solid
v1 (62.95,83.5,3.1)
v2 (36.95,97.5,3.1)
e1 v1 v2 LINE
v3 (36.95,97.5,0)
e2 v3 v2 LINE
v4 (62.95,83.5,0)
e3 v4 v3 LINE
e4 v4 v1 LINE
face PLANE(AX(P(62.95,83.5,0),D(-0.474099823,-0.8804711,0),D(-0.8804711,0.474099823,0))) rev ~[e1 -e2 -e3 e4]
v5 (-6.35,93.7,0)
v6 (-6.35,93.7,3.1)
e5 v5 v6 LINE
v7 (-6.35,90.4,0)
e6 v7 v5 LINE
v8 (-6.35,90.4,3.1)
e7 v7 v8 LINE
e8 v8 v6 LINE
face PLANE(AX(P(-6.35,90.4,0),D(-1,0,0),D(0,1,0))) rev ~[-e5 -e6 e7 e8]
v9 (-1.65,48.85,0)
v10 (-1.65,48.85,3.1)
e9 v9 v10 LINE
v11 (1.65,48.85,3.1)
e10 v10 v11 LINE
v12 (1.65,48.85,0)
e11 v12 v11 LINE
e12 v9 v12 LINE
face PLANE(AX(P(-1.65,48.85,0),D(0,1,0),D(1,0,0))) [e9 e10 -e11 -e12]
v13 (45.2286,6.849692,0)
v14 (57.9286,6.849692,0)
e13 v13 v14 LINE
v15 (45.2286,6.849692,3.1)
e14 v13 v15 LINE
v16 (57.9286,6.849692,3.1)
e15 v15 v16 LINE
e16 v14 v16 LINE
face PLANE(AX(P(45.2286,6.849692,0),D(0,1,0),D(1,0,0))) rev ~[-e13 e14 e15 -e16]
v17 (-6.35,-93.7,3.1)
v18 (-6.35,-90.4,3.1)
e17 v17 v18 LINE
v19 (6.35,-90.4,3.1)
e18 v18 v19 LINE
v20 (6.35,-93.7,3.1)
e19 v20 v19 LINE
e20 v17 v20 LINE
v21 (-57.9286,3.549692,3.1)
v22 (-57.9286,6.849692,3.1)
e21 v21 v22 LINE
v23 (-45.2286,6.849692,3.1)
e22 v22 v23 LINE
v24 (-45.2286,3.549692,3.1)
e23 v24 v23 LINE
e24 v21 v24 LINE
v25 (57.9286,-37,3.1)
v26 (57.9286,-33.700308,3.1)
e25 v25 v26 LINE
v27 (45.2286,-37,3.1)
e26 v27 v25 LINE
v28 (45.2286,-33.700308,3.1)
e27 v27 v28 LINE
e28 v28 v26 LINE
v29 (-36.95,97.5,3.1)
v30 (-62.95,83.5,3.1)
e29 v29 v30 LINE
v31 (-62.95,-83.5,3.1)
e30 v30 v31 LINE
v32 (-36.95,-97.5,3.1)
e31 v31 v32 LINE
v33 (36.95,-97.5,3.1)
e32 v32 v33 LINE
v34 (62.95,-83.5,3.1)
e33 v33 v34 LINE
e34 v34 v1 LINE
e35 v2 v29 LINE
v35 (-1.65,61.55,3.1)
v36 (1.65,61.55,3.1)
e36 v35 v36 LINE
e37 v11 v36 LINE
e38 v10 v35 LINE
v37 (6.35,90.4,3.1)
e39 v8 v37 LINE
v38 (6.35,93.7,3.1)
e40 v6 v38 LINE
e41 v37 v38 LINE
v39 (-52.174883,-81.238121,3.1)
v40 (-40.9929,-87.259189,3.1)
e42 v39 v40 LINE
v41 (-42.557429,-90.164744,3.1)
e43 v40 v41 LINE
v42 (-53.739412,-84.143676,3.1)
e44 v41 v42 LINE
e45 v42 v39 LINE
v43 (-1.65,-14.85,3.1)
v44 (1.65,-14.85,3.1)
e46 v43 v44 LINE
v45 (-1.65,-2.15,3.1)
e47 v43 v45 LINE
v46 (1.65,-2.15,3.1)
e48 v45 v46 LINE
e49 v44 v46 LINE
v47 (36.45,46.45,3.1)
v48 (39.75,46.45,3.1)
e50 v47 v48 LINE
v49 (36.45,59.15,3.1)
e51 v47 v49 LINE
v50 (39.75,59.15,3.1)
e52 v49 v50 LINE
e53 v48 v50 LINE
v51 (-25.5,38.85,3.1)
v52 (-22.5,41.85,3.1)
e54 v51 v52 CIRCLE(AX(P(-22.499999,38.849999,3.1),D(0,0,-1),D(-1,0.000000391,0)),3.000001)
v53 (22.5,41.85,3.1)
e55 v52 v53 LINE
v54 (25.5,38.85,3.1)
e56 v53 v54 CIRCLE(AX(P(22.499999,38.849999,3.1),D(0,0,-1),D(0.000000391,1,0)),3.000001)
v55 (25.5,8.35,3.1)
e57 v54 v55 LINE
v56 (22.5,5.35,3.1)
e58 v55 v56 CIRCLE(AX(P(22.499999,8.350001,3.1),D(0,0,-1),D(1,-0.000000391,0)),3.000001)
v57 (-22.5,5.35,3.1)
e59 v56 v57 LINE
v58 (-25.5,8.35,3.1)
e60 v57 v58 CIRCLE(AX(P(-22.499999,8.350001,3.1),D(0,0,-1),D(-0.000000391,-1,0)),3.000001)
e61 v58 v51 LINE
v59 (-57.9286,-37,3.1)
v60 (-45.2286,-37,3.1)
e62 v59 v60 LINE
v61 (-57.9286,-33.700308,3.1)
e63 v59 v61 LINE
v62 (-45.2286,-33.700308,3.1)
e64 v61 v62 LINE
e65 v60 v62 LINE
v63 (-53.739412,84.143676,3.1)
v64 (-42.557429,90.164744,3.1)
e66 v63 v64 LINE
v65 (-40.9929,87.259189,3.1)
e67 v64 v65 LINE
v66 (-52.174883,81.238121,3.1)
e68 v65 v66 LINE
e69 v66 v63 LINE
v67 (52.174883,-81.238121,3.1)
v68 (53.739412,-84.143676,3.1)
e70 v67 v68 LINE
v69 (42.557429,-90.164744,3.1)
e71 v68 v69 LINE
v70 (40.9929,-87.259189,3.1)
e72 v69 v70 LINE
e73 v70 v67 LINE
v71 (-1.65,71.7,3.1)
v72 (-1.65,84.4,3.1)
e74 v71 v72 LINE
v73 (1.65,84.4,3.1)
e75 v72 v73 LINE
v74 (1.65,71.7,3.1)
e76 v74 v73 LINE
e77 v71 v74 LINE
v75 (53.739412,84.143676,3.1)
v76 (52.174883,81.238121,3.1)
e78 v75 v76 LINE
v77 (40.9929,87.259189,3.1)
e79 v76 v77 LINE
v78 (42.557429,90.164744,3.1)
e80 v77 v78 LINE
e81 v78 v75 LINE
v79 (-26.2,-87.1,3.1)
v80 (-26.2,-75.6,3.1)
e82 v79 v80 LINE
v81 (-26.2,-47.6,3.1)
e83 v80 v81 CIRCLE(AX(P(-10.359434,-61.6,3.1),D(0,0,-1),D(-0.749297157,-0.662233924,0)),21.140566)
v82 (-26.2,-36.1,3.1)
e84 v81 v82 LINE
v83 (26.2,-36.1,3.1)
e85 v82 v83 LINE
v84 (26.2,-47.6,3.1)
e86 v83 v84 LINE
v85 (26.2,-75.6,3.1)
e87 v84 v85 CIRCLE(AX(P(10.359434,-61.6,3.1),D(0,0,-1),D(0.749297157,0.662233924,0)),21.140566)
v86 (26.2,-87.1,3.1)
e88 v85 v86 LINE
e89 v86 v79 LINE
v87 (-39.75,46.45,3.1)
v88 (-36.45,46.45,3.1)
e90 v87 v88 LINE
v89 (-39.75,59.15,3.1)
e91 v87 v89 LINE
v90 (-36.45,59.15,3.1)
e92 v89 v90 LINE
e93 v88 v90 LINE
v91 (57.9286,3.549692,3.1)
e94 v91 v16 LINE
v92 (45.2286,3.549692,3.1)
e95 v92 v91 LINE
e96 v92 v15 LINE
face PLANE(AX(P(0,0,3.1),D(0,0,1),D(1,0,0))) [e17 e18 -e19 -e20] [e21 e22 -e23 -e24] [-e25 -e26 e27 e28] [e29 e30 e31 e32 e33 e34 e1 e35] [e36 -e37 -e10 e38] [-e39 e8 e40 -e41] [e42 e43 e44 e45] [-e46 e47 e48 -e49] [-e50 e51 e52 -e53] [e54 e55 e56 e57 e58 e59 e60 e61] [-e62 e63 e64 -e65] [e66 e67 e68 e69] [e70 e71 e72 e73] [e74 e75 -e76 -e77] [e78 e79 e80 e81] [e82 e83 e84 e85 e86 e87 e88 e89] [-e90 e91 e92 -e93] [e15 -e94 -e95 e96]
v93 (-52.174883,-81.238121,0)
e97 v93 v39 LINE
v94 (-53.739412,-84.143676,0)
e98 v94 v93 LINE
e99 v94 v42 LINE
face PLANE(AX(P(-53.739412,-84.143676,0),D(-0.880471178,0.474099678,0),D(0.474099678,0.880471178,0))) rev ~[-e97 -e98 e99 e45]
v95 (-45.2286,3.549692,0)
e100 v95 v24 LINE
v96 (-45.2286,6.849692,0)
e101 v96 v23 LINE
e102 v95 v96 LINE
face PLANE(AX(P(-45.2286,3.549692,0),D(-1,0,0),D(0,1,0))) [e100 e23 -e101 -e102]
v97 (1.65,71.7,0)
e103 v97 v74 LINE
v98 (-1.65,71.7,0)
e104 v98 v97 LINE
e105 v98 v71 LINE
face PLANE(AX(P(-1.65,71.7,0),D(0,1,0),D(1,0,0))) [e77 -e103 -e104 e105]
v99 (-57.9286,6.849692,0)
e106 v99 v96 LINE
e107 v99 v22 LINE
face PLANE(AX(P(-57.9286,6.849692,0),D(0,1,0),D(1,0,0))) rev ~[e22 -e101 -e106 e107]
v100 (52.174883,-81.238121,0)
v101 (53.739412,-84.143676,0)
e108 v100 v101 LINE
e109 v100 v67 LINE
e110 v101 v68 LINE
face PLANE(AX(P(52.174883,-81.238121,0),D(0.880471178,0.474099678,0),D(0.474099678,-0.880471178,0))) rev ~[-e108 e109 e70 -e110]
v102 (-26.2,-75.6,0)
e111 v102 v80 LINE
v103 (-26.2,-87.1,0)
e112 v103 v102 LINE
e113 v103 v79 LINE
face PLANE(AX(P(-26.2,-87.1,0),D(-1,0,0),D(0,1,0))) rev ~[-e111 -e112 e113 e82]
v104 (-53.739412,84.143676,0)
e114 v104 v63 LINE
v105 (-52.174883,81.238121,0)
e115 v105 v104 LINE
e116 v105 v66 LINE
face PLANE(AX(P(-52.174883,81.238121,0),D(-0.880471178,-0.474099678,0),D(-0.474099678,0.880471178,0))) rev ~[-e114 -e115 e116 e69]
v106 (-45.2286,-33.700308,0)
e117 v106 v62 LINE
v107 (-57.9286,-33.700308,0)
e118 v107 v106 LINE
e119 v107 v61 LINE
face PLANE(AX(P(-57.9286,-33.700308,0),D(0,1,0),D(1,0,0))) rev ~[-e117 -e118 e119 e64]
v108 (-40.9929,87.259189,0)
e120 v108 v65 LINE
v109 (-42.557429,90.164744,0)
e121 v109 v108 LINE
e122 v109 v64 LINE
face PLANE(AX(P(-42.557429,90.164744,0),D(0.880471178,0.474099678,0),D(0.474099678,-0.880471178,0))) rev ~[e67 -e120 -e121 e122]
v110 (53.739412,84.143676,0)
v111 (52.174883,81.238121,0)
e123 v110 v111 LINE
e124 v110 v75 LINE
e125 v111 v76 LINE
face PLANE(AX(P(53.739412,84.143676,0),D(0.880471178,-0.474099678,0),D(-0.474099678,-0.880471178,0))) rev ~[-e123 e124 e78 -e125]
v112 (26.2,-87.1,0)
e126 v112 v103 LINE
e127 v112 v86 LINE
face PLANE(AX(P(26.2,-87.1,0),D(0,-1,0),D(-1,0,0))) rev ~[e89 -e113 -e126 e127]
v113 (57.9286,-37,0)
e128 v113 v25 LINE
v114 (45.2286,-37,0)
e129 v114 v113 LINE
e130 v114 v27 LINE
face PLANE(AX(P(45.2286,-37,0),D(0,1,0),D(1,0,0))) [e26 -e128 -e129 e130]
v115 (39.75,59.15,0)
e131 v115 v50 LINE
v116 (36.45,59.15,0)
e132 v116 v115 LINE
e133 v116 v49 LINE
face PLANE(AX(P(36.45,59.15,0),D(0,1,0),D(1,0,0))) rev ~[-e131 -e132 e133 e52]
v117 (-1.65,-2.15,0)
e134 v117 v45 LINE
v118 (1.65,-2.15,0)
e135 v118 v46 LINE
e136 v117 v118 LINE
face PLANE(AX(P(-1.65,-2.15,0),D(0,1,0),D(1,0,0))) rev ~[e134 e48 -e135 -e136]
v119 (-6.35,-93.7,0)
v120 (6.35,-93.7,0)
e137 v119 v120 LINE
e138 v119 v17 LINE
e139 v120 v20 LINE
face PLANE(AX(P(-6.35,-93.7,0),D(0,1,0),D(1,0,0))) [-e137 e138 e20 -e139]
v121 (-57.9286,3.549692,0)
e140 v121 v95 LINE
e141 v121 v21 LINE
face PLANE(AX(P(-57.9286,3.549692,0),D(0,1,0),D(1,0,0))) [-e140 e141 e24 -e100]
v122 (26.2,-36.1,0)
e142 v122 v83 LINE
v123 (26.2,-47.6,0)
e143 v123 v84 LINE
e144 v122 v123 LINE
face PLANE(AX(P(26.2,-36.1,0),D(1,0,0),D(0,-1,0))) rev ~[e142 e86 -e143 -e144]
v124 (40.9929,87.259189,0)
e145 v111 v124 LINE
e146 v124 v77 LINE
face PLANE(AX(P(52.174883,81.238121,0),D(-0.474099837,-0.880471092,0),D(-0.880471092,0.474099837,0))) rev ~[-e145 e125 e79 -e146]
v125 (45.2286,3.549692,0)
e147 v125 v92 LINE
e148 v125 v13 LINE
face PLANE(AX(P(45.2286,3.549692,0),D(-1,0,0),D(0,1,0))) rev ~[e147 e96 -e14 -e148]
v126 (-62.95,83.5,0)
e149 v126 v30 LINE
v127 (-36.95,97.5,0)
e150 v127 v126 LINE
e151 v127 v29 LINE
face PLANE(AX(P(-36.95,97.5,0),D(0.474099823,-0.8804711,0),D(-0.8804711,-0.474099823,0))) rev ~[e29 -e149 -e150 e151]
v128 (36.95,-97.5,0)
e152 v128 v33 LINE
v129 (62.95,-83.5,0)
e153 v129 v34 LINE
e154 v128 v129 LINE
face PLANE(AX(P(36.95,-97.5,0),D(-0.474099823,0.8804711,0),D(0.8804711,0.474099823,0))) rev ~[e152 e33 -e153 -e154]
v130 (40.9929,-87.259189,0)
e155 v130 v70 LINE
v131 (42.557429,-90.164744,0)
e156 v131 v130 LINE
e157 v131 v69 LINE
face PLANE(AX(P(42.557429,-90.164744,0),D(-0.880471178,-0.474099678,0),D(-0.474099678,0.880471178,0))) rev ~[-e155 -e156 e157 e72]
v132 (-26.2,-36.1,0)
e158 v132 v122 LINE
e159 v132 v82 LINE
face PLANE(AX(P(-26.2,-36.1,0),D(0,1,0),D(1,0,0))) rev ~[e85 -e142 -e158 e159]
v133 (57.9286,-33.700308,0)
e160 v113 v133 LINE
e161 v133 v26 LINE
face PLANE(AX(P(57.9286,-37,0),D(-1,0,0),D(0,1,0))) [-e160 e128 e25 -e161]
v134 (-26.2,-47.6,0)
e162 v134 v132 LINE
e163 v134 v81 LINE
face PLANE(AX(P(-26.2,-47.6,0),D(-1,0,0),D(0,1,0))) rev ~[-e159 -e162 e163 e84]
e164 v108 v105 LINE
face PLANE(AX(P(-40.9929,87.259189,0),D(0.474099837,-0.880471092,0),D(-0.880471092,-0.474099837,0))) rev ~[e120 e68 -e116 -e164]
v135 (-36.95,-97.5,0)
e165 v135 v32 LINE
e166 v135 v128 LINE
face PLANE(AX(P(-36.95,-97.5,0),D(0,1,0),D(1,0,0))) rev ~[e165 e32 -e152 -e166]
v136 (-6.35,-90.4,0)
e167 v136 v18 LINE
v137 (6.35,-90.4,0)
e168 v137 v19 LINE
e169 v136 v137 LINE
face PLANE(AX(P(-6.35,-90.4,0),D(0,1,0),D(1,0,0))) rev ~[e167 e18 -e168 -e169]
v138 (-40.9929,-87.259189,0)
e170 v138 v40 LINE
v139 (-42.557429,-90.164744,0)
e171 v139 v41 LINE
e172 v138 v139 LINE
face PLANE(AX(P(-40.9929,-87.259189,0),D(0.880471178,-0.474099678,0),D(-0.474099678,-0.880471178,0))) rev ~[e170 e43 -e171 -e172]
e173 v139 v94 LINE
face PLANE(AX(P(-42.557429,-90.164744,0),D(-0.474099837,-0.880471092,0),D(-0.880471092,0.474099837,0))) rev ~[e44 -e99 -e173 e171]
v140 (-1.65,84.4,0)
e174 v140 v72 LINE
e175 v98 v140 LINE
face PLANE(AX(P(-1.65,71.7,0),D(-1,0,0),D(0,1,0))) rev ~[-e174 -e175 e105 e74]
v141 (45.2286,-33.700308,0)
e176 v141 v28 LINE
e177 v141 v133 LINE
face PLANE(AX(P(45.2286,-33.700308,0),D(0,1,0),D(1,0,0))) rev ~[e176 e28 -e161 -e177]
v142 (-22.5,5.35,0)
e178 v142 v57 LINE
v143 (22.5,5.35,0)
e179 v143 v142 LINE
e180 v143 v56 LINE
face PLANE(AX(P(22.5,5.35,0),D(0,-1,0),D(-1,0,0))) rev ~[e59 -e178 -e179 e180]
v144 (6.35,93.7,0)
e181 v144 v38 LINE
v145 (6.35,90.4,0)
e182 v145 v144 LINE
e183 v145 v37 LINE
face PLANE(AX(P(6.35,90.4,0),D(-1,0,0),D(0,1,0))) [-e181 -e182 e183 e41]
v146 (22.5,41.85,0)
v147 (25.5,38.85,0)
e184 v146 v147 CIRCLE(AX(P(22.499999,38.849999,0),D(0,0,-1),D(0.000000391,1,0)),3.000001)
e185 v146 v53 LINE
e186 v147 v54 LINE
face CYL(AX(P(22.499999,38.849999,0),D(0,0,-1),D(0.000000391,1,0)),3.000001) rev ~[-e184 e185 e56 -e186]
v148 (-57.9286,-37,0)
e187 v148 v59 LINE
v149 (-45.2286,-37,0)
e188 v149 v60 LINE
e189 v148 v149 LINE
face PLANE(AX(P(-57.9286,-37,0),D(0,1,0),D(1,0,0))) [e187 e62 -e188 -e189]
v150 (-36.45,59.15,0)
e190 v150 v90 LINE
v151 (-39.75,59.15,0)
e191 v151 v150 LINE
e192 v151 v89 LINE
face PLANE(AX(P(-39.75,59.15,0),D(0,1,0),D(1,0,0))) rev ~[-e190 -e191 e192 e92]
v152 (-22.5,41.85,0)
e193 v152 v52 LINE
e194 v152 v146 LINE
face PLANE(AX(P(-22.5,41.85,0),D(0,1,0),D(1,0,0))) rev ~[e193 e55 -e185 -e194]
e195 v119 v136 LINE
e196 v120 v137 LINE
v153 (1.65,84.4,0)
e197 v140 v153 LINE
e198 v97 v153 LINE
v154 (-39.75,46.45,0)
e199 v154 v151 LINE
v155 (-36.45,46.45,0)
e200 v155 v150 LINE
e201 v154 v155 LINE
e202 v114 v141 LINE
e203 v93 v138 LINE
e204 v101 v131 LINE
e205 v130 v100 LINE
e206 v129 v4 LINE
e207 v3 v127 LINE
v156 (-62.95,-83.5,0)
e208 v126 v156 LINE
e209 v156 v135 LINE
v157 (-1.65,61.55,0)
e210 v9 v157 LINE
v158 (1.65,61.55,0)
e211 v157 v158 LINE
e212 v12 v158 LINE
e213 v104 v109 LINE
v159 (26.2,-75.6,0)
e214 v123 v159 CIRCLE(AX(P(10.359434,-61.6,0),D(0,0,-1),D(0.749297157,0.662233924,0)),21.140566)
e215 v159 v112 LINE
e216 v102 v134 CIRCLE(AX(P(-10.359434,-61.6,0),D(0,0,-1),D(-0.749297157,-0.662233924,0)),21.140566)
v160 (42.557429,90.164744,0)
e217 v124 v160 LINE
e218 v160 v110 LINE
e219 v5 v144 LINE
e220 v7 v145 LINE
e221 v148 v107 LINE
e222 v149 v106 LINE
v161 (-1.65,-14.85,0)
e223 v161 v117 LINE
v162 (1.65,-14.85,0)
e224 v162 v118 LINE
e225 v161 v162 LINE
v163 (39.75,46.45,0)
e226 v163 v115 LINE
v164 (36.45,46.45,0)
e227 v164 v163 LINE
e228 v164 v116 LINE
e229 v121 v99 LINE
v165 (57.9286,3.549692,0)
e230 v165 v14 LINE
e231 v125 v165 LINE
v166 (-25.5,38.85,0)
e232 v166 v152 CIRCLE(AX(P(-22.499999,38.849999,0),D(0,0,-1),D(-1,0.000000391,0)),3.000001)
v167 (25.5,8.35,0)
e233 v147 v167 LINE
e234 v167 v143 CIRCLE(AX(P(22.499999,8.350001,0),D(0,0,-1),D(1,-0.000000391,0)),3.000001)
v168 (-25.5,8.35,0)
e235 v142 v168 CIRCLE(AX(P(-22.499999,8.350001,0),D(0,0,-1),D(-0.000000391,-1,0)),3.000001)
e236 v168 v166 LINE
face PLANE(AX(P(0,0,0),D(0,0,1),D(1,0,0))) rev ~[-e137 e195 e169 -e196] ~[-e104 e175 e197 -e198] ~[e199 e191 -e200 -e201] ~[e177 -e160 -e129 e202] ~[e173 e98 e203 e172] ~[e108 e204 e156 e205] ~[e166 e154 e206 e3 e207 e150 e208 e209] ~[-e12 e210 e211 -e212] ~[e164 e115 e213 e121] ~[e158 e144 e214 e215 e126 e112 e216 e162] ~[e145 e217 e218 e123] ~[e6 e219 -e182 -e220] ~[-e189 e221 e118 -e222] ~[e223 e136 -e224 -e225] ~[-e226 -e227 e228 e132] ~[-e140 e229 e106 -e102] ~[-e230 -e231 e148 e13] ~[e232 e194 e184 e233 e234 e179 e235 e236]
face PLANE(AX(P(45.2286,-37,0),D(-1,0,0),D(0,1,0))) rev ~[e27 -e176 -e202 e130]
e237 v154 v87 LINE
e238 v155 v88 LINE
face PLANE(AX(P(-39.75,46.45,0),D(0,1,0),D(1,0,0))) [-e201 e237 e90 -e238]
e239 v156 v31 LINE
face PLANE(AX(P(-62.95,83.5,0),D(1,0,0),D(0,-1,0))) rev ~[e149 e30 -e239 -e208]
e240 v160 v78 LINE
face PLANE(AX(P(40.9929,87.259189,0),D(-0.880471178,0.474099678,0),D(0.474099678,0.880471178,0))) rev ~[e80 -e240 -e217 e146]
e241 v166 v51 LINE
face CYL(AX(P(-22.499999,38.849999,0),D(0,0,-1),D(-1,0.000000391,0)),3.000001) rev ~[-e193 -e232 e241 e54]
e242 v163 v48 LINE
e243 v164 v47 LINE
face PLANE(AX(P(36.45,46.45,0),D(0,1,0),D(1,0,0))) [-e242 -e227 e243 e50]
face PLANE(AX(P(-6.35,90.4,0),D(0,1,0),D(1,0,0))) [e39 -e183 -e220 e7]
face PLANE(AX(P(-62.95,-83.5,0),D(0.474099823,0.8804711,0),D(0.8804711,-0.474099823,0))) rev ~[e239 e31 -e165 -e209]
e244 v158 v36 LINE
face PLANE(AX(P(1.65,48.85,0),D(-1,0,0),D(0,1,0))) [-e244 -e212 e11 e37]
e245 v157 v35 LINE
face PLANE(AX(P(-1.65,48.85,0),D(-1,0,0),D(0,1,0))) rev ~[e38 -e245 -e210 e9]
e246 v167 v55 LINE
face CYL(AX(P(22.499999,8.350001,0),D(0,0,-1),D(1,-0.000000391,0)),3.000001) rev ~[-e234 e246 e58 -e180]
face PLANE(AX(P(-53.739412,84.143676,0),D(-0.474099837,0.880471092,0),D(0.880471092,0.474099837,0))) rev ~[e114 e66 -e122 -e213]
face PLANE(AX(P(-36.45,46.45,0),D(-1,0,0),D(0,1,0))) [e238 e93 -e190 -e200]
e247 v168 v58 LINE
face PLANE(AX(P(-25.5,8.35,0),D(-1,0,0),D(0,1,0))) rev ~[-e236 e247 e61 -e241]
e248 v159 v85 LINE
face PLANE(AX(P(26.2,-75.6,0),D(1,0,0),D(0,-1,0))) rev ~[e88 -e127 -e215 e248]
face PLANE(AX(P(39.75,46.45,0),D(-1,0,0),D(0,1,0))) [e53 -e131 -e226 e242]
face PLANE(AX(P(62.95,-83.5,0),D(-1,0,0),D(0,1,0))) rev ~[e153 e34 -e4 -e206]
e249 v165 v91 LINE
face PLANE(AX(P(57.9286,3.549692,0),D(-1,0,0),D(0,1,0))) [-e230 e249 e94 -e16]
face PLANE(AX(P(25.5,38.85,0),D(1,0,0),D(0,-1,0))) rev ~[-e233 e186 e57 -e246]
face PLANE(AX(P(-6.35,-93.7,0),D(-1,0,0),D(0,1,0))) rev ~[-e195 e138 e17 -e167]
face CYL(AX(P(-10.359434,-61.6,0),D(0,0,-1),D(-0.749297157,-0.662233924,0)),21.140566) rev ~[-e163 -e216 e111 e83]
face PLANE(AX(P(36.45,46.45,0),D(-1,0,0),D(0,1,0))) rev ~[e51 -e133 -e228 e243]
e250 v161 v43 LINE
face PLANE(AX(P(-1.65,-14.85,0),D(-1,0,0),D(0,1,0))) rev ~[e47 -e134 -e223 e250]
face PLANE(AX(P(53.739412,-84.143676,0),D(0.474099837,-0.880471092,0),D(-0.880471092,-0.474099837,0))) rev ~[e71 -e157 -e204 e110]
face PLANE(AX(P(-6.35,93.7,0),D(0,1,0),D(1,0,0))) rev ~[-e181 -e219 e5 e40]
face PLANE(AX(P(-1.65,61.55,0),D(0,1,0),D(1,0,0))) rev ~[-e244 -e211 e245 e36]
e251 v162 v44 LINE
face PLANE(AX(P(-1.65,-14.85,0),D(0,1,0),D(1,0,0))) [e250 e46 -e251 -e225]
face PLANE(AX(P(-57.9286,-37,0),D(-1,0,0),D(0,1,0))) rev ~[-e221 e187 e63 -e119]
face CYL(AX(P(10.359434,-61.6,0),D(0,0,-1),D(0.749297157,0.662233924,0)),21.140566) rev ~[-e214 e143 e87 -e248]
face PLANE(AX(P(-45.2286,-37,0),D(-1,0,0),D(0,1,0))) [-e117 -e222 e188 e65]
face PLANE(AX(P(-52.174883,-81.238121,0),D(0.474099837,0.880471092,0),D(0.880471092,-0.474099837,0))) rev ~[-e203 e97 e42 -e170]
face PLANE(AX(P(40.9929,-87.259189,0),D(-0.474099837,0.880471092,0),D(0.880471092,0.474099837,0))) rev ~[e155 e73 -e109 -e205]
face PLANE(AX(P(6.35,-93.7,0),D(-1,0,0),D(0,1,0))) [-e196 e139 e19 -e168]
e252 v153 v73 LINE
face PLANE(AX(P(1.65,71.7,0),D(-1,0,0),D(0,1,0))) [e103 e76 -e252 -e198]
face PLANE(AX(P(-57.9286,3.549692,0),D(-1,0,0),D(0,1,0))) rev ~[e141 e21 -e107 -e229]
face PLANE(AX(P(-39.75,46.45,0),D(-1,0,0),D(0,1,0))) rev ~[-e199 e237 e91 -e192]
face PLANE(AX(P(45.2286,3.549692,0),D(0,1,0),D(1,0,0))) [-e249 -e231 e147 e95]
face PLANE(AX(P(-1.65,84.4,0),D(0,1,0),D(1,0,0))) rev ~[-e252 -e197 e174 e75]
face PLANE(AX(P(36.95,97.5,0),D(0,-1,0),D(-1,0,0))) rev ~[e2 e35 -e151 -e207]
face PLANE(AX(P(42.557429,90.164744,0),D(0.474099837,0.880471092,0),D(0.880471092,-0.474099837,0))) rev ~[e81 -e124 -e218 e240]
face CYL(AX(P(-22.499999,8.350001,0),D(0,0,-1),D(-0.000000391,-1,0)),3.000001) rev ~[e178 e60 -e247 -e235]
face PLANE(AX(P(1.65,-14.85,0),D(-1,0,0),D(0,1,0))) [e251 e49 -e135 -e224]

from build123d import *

# Parameters (mm, degrees)
F0_W     = 12.7
F0_H     = 3.299692
F0_H_2   = 3.3
F0_W_2   = 3.3
F0_H_3   = 12.7
F0_H_4   = 3.300001
F1_DEPTH = 3.1


with BuildPart() as f1:
    # F0 (on Top) → F1 (new body)
    with BuildSketch(Plane.XY):
        Polygon((-62.95, -83.5), (-36.95, -97.5), (36.95, -97.5), (62.95, -83.5), (62.95, 83.5), (36.95, 97.5), (-36.95, 97.5), (-62.95, 83.5), align=None)
        Polygon((-53.739412, -84.143676), (-52.174883, -81.238121), (-40.9929, -87.259189), (-42.557429, -90.164744), align=None, mode=Mode.SUBTRACT)
        with Locations((-51.5786, -35.350154)):
            Rectangle(F0_W, F0_H, mode=Mode.SUBTRACT)
        with Locations((0, -92.05)):
            Rectangle(F0_W, F0_H_2, mode=Mode.SUBTRACT)
        with BuildLine():
            Line((-26.2, -47.6), (-26.2, -36.1))
            Line((-26.2, -36.1), (26.2, -36.1))
            Line((26.2, -36.1), (26.2, -47.6))
            ThreePointArc((26.2, -47.6), (31.5, -61.6), (26.2, -75.6))
            Line((26.2, -75.6), (26.2, -87.1))
            Line((26.2, -87.1), (-26.2, -87.1))
            Line((-26.2, -87.1), (-26.2, -75.6))
            ThreePointArc((-26.2, -75.6), (-31.5, -61.6), (-26.2, -47.6))
        make_face(mode=Mode.SUBTRACT)
        Polygon((52.174883, -81.238121), (53.739412, -84.143676), (42.557429, -90.164744), (40.9929, -87.259189), align=None, mode=Mode.SUBTRACT)
        with Locations((0, -8.5)):
            Rectangle(F0_W_2, F0_H_3, mode=Mode.SUBTRACT)
        with Locations((51.5786, -35.350154)):
            Rectangle(F0_W, F0_H, mode=Mode.SUBTRACT)
        with Locations((-51.5786, 5.199692)):
            Rectangle(F0_W, F0_H_4, mode=Mode.SUBTRACT)
        with Locations((-38.1, 52.8)):
            Rectangle(F0_W_2, F0_H_3, mode=Mode.SUBTRACT)
        Polygon((-42.557429, 90.164744), (-40.9929, 87.259189), (-52.174883, 81.238121), (-53.739412, 84.143676), align=None, mode=Mode.SUBTRACT)
        with BuildLine():
            Line((22.5, 5.35), (-22.5, 5.35))
            ThreePointArc((-22.5, 5.35), (-24.62132, 6.22868), (-25.5, 8.35))
            Line((-25.5, 8.35), (-25.5, 38.85))
            ThreePointArc((-25.5, 38.85), (-24.62132, 40.97132), (-22.5, 41.85))
            Line((-22.5, 41.85), (22.5, 41.85))
            ThreePointArc((22.5, 41.85), (24.62132, 40.97132), (25.5, 38.85))
            Line((25.5, 38.85), (25.5, 8.35))
            ThreePointArc((25.5, 8.35), (24.62132, 6.22868), (22.5, 5.35))
        make_face(mode=Mode.SUBTRACT)
        with Locations((51.5786, 5.199692)):
            Rectangle(F0_W, F0_H_4, mode=Mode.SUBTRACT)
        with Locations((0, 55.2)):
            Rectangle(F0_W_2, F0_H_3, mode=Mode.SUBTRACT)
        with Locations((0, 78.05)):
            Rectangle(F0_W_2, F0_H_3, mode=Mode.SUBTRACT)
        with Locations((0, 92.05)):
            Rectangle(F0_W, F0_H_2, mode=Mode.SUBTRACT)
        with Locations((38.1, 52.8)):
            Rectangle(F0_W_2, F0_H_3, mode=Mode.SUBTRACT)
        Polygon((52.174883, 81.238121), (40.9929, 87.259189), (42.557429, 90.164744), (53.739412, 84.143676), align=None, mode=Mode.SUBTRACT)
    extrude(amount=F1_DEPTH)


solid = f1.part
